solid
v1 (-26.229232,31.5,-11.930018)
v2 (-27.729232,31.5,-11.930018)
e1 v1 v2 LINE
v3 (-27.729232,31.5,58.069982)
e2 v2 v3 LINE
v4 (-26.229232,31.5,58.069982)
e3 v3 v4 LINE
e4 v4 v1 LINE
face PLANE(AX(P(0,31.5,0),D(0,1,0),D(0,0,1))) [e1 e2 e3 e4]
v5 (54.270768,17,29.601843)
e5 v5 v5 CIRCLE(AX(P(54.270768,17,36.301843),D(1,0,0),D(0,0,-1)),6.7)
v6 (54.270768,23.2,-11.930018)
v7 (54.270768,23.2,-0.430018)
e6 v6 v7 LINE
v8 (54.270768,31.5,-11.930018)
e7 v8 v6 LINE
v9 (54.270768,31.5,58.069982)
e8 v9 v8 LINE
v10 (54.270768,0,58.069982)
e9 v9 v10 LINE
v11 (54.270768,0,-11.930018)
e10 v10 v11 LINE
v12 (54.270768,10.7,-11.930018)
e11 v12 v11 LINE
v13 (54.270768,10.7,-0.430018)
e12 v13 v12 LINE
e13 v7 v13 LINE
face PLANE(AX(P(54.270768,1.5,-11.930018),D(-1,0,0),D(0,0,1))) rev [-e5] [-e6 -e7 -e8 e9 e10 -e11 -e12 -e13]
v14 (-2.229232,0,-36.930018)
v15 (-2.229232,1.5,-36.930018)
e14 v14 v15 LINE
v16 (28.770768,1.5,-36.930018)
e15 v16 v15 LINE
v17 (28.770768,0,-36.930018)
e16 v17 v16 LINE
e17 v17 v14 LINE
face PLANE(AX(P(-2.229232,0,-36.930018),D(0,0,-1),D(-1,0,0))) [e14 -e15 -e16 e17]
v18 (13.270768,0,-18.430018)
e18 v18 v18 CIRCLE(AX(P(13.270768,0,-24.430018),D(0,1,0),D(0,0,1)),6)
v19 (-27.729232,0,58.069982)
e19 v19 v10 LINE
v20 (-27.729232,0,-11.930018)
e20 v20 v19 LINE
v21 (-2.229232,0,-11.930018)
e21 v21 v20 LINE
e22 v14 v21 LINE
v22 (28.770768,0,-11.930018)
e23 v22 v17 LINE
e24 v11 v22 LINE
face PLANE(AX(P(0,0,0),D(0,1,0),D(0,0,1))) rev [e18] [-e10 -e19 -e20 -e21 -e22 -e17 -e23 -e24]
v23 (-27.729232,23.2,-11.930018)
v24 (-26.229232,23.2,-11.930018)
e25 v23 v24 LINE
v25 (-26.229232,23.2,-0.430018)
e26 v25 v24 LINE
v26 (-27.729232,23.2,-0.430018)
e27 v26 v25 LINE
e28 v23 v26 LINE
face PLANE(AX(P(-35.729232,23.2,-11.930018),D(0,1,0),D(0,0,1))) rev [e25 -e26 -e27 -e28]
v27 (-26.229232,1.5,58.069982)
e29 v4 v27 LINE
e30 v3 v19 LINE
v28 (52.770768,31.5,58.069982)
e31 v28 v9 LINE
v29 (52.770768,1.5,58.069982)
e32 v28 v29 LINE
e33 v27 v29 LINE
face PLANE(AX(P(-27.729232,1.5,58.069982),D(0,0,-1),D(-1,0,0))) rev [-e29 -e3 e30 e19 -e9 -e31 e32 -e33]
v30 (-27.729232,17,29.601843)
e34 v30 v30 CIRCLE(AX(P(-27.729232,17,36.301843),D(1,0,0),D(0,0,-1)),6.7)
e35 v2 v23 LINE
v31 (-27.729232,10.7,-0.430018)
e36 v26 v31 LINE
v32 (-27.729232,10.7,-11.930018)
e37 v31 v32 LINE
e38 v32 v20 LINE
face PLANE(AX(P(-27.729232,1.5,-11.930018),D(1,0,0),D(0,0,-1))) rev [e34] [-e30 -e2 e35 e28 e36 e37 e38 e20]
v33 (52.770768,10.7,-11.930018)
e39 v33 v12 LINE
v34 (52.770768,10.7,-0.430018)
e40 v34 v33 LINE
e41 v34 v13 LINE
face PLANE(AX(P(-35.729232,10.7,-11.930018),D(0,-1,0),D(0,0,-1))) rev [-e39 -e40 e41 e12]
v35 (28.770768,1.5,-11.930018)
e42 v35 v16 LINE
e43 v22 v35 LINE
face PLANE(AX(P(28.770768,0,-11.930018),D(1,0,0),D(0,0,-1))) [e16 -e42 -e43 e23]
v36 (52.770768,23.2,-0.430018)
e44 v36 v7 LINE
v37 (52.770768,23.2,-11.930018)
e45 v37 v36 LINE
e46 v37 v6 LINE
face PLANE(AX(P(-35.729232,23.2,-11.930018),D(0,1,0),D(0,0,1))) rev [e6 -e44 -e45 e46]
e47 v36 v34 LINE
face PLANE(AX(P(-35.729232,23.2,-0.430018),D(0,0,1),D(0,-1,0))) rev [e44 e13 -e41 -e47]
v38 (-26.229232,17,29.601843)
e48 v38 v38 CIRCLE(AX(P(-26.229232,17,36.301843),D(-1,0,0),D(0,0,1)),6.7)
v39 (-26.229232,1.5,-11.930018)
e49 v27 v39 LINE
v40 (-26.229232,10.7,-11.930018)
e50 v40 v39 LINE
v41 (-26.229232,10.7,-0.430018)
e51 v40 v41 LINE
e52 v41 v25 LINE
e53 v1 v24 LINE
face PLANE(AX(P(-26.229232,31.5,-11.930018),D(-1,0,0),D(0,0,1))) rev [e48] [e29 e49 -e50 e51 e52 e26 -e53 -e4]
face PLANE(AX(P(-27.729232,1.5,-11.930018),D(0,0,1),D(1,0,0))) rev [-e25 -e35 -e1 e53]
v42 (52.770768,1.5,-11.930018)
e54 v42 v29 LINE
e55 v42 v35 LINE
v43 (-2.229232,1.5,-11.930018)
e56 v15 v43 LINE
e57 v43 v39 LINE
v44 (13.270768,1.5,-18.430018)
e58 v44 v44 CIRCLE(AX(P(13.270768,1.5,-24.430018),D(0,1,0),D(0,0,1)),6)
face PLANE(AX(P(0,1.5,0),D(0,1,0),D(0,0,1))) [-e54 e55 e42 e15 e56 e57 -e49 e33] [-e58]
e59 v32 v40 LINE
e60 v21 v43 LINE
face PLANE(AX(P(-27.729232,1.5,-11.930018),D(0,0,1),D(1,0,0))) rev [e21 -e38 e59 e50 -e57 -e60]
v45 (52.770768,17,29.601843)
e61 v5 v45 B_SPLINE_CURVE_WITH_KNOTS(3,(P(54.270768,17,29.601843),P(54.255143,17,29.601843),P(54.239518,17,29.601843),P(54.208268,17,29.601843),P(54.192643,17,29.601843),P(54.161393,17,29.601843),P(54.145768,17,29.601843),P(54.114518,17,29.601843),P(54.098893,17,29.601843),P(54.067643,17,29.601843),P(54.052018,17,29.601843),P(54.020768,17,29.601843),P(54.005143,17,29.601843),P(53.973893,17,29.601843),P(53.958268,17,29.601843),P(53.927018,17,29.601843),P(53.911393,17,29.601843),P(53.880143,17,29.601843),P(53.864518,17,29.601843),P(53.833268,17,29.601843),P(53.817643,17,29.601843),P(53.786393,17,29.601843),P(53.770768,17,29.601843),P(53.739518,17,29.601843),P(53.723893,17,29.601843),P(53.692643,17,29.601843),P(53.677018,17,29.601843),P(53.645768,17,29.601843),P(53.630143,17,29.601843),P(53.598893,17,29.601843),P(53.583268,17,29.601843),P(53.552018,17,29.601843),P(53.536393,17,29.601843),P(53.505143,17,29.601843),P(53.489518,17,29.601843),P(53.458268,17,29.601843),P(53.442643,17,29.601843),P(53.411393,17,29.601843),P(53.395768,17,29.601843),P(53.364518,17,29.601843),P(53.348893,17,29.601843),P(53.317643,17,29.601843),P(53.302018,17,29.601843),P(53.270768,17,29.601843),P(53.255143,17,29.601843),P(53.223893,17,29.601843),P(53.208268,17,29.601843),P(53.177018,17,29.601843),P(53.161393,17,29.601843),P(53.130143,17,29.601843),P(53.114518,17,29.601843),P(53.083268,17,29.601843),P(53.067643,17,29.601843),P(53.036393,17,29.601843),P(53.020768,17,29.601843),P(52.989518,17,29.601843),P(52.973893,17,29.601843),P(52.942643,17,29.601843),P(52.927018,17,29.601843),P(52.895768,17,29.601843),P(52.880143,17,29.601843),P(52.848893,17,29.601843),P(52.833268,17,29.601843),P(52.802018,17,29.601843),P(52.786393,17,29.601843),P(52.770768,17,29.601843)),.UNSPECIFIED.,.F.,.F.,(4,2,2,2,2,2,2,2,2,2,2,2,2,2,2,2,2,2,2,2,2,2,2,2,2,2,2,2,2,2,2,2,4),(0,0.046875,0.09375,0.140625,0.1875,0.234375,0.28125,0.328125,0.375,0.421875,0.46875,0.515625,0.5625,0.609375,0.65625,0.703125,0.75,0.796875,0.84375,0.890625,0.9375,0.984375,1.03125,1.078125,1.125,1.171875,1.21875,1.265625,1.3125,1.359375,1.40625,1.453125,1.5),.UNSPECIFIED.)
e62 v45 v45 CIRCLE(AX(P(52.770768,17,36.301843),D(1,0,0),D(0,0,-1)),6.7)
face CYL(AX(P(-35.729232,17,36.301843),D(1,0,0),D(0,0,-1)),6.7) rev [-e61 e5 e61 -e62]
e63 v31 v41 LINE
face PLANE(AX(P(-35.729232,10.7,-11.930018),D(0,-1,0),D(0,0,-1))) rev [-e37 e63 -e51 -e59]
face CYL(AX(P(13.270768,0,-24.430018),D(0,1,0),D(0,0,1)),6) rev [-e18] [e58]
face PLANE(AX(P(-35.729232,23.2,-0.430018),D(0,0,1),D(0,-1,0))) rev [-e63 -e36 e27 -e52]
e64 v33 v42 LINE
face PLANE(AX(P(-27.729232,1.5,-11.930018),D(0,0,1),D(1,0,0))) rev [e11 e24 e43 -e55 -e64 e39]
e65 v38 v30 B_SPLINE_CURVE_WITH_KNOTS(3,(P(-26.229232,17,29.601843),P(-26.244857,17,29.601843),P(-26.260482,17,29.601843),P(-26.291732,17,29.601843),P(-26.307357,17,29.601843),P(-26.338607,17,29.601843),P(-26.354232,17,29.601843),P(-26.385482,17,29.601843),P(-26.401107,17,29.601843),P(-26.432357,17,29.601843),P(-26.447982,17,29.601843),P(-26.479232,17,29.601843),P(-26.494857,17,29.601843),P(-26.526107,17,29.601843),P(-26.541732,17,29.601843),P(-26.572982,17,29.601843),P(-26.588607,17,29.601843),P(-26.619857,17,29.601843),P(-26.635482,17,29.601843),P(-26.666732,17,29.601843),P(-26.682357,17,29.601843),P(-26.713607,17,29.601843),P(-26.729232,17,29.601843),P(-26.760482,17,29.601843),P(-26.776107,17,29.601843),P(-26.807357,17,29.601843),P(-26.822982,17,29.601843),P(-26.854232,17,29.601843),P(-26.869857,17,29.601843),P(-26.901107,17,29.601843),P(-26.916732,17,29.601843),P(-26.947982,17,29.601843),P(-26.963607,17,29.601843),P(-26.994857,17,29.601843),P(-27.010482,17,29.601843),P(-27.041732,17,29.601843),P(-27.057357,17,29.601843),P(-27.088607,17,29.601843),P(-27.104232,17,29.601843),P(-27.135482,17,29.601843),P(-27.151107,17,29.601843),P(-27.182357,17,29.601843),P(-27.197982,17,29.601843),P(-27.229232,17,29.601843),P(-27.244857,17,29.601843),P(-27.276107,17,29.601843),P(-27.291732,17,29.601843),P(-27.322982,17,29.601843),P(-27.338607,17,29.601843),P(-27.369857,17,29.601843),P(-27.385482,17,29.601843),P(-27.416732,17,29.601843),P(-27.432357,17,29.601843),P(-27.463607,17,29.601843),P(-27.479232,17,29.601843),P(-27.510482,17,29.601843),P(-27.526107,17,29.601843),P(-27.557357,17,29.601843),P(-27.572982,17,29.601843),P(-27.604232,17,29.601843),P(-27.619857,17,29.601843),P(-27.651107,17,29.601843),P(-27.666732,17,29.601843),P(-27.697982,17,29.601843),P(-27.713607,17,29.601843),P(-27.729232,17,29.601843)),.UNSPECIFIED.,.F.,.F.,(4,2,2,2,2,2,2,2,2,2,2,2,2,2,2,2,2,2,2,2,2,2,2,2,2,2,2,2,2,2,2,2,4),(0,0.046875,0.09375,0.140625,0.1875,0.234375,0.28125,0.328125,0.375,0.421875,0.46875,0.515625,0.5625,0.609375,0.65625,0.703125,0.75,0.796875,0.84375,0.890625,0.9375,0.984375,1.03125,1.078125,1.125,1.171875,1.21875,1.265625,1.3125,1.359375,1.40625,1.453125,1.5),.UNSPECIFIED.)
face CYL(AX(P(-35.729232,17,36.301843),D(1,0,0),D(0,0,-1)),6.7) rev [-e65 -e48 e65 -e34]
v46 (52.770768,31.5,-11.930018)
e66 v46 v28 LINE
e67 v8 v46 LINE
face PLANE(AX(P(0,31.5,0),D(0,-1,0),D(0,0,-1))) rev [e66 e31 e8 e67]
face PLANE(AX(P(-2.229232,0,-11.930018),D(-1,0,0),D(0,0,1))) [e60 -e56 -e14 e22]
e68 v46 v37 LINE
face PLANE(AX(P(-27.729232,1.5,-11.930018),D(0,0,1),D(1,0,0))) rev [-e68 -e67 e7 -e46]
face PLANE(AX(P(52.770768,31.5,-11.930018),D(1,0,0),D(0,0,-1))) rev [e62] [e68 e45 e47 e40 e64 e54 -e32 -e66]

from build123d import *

# Parameters (mm, degrees)
SKETCH1_W           = 82
SKETCH1_H           = 70
BOSS_EXTRUDE1_DEPTH = 1.5
SKETCH2_W           = 1.5
SKETCH2_H           = 70
BOSS_EXTRUDE2_DEPTH = 30
SKETCH3_W           = 11.5
SKETCH3_H           = 12.5
CUT_EXTRUDE1_DEPTH  = 90
SKETCH4_R           = 6.7
CUT_EXTRUDE2_DEPTH  = 90
SKETCH5_W           = 31
SKETCH5_H           = 25
SKETCH5_R           = 6
BOSS_EXTRUDE3_DEPTH = 1.5


with BuildPart() as part:
    # Sketch1 → Boss-Extrude1 (new body)
    with BuildSketch(Plane(origin=(0, 0, 0), x_dir=(1, 0, 0), z_dir=(0, 1, 0))):
        with Locations((13.270768006, -23.069981584)):
            Rectangle(SKETCH1_W, SKETCH1_H)
    extrude(amount=BOSS_EXTRUDE1_DEPTH)

    # Sketch2 → Boss-Extrude2 (add)
    with BuildSketch(Plane(origin=(0, 1.5, 0), x_dir=(1, 0, 0), z_dir=(0, 1, 0))):
        with Locations((53.520768006, -23.069981584)):
            Rectangle(SKETCH2_W, SKETCH2_H)
        with Locations((-26.979231994, -23.069981584)):
            Rectangle(SKETCH2_W, SKETCH2_H)
    extrude(amount=BOSS_EXTRUDE2_DEPTH)

    # Sketch3 → Cut-Extrude1 (cut)
    with BuildSketch(Plane(origin=(54.270768006, 0, 0), x_dir=(0, 0, -1), z_dir=(1, 0, 0))):
        with Locations((6.180018416, 16.95)):
            Rectangle(SKETCH3_W, SKETCH3_H)
    extrude(amount=-CUT_EXTRUDE1_DEPTH, mode=Mode.SUBTRACT)

    # Sketch4 → Cut-Extrude2 (cut)
    with BuildSketch(Plane(origin=(54.270768006, 0, 0), x_dir=(0, 0, -1), z_dir=(1, 0, 0))):
        with Locations((-36.301843463, 17)):
            Circle(SKETCH4_R)
    extrude(amount=-CUT_EXTRUDE2_DEPTH, mode=Mode.SUBTRACT)

    # Sketch5 → Boss-Extrude3 (add)
    with BuildSketch(Plane(origin=(0, 1.5, 0), x_dir=(1, 0, 0), z_dir=(0, 1, 0))):
        with Locations((13.270768006, 24.430018416)):
            Rectangle(SKETCH5_W, SKETCH5_H)
        with Locations(Location((13.270768006, 24.430018416, 0), (0, 0, 270))):
            Circle(SKETCH5_R, mode=Mode.SUBTRACT)
    extrude(amount=-BOSS_EXTRUDE3_DEPTH)


solid = part.part
